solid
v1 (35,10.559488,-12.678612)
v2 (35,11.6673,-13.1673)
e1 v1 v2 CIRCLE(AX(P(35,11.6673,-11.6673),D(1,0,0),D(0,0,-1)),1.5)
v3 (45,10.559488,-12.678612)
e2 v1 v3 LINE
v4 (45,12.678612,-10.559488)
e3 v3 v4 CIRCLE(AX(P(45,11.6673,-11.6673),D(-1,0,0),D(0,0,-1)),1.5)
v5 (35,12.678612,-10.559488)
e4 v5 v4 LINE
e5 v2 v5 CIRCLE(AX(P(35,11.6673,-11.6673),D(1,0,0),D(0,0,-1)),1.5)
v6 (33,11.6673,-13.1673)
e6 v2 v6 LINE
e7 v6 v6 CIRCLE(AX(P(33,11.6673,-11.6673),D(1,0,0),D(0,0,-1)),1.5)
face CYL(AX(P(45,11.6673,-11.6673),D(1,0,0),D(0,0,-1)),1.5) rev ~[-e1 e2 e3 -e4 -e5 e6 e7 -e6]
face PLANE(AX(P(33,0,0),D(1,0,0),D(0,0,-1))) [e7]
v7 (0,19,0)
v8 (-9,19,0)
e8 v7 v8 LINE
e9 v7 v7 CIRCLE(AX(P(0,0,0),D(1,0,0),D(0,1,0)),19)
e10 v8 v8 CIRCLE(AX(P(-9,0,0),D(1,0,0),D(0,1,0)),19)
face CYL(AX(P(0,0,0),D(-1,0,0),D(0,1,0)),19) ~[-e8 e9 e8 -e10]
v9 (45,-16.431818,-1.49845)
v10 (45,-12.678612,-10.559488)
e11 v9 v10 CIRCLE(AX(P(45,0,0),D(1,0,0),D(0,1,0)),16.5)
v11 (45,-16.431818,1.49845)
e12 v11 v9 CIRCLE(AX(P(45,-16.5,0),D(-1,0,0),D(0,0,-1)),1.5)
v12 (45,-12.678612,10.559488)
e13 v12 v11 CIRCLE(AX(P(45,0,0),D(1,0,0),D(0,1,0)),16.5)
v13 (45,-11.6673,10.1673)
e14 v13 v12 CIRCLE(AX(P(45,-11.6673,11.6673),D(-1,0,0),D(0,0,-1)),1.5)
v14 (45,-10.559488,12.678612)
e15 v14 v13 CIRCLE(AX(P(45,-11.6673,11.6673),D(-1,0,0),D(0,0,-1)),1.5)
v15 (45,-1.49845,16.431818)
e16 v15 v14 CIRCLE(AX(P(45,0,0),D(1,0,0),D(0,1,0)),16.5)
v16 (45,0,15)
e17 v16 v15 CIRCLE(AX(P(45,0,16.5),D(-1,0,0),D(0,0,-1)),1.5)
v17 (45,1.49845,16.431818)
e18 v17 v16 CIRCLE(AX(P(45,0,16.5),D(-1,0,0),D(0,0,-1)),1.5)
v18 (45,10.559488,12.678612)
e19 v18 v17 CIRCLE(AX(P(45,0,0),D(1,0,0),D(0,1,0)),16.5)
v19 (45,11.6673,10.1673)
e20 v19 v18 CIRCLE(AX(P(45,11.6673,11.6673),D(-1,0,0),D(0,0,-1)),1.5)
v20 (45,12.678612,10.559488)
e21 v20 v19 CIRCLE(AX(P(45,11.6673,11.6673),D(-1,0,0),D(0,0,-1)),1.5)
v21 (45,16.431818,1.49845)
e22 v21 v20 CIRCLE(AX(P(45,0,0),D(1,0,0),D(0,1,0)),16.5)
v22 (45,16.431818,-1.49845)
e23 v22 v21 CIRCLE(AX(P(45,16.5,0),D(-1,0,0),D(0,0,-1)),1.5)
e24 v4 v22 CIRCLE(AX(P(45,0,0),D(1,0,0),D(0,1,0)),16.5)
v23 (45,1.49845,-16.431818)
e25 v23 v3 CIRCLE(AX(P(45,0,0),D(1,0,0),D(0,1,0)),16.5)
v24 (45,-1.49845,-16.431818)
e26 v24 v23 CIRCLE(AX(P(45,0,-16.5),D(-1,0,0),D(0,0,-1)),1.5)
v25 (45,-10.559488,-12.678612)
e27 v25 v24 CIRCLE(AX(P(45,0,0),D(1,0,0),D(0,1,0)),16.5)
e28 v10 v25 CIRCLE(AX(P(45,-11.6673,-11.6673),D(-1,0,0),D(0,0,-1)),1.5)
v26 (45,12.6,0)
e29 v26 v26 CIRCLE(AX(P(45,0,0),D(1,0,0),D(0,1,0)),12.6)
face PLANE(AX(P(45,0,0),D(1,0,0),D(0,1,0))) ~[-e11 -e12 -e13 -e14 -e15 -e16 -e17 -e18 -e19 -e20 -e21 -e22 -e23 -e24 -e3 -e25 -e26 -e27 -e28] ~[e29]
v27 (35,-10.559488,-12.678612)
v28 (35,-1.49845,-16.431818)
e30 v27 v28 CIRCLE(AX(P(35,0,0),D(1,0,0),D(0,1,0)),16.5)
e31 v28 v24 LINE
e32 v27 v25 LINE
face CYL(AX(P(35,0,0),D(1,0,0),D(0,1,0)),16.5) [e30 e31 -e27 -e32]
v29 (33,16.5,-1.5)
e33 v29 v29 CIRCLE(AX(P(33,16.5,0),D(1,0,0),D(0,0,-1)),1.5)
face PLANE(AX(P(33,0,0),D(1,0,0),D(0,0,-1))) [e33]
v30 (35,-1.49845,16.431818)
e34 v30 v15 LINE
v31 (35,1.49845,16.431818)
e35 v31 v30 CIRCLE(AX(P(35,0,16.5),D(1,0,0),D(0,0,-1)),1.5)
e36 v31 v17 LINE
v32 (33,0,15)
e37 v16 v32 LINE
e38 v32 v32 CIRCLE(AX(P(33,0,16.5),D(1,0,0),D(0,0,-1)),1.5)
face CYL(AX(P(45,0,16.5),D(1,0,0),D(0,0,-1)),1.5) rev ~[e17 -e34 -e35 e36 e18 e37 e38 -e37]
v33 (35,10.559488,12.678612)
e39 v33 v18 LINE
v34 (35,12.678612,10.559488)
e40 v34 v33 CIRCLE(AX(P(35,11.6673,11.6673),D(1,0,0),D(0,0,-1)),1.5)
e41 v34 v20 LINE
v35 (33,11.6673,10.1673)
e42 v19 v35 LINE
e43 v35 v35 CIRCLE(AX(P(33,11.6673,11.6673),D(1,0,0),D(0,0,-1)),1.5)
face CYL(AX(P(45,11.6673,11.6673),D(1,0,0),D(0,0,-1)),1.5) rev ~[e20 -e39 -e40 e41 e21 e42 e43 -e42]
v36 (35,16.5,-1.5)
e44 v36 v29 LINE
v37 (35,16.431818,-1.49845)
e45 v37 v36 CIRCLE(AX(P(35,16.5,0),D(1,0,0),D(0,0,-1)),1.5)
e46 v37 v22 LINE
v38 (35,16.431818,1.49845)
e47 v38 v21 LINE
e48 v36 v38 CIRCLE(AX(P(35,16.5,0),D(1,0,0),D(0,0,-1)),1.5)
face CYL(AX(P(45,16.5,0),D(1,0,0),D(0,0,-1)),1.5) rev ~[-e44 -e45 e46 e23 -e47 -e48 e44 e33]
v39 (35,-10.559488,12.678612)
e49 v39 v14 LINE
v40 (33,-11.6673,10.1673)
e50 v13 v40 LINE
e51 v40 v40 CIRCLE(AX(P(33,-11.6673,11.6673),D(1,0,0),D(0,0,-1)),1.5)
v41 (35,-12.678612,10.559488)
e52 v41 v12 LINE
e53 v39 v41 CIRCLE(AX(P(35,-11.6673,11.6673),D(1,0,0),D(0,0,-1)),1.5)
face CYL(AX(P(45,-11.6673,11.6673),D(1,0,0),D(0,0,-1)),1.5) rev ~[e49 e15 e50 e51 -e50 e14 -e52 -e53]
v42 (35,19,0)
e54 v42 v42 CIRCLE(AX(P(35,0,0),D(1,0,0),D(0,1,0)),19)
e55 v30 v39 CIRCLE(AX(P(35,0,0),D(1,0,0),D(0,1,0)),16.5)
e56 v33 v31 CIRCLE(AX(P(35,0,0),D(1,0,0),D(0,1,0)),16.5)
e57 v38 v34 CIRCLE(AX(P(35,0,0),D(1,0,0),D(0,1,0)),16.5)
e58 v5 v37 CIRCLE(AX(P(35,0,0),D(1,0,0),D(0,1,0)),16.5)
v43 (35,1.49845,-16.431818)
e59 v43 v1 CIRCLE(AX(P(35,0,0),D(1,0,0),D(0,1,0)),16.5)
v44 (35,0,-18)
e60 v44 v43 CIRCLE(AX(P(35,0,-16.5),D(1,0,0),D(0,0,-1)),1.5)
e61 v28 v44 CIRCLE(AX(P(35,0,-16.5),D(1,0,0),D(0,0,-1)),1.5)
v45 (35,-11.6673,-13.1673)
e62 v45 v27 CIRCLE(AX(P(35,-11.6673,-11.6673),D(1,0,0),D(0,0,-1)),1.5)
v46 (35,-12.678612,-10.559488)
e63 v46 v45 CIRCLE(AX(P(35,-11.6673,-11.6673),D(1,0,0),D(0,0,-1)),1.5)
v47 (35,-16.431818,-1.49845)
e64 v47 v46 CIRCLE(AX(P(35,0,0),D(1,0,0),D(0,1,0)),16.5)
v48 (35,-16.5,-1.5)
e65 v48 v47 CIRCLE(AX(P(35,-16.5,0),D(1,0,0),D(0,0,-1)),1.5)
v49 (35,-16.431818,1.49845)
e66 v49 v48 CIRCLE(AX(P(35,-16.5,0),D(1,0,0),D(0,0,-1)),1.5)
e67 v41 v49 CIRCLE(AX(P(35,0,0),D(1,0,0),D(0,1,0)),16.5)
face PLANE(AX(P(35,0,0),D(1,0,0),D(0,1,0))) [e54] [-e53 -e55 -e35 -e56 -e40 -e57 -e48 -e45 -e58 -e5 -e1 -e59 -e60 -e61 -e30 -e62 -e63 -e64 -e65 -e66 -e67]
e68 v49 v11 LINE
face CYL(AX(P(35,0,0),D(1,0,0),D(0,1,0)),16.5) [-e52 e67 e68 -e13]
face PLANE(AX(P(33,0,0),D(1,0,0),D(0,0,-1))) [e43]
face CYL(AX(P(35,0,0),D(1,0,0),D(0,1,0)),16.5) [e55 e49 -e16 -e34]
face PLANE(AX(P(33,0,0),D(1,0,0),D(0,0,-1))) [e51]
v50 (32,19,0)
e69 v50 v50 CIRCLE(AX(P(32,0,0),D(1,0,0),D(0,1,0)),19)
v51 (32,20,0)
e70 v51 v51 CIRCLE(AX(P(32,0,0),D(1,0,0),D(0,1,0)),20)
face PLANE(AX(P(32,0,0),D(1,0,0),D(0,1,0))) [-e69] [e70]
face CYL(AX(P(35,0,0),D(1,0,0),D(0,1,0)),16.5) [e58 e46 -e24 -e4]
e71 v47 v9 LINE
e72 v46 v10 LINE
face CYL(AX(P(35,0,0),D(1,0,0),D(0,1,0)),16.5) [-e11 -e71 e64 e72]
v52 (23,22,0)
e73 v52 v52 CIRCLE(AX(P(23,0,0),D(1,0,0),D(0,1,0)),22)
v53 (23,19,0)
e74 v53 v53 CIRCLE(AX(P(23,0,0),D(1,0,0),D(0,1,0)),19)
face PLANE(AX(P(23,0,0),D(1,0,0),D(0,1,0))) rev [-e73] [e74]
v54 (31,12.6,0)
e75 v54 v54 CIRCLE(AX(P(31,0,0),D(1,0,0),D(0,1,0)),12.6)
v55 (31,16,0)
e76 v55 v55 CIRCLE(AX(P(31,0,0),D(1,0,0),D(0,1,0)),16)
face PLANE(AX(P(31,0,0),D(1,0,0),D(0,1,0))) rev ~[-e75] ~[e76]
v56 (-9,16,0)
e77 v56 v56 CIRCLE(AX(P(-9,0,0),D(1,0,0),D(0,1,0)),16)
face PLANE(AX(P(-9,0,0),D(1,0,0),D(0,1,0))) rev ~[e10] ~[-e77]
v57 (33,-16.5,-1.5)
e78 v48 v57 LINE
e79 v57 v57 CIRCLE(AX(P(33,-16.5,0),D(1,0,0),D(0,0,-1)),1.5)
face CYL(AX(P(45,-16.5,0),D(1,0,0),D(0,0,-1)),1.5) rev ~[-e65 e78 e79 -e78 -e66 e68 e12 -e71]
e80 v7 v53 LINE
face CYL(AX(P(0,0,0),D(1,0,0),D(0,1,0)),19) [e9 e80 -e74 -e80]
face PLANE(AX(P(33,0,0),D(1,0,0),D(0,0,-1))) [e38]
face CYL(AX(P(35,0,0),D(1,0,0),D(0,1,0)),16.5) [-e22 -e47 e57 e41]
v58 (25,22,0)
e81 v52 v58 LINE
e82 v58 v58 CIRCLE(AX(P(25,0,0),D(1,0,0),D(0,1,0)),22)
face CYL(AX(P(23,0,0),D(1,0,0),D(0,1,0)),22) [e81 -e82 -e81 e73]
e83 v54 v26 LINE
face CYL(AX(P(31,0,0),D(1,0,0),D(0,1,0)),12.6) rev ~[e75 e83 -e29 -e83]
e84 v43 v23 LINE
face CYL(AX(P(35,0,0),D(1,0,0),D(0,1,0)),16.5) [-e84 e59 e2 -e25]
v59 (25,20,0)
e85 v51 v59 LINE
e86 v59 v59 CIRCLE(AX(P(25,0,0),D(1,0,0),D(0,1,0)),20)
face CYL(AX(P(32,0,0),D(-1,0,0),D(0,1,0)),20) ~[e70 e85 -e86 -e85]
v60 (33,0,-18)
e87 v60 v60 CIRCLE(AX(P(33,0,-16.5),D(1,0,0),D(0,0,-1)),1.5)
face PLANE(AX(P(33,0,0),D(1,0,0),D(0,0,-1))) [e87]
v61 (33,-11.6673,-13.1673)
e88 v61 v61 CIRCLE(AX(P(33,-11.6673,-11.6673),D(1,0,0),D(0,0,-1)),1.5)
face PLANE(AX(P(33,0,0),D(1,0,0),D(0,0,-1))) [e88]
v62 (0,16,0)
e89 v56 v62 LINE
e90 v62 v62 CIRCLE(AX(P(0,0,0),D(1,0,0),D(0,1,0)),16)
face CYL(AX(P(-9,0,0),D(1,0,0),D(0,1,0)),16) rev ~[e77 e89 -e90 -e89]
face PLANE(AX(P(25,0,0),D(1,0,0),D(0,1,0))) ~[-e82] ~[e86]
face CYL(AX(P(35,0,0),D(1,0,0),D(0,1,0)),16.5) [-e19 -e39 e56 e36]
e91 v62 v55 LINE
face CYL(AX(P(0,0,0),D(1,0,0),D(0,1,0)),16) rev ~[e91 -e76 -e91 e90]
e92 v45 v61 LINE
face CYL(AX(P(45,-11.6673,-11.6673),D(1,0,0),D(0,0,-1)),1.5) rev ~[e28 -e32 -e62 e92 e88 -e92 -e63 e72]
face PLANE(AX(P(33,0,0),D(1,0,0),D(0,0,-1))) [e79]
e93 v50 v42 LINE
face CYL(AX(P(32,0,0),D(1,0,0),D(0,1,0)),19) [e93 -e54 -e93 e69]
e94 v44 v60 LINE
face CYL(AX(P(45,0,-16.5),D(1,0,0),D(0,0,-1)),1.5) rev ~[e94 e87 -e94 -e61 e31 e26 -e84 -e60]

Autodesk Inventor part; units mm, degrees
ref_plane "YZ Plane" through (0, 0, 0) normal (1, 0, 0) x (0, 1, 0)
ref_plane "XZ Plane" through (0, 0, 0) normal (0, 1, 0) x (-1, 0, 0)
ref_plane "XY Plane" through (0, 0, 0) normal (0, 0, 1) x (1, 0, 0)
sketch "Sketch1" plane through (0, 0, 0) normal (0, 0, 1) x (1, 0, 0)
  line L0 (0, 0) -> (30, 0)
  line L1 (32, 20) -> (25, 20)
  line L2 (25, 20) -> (25, 22)
  line L3 (0, 16) -> (31, 16)
  line L4 (31, 16) -> (31, 12.6)
  line L5 (31, 12.6) -> (31, 12.6)
  line L6 (0, 19) -> (23, 19)
  line L7 (23, 19) -> (23, 22)
  line L8 (23, 22) -> (25, 22)
  line L9 (0, 19) -> (-9, 19)
  line L10 (-9, 19) -> (-9, 16)
  line L11 (-9, 16) -> (0, 16)
  line L12 (31, 12.6) -> (45, 12.6)
  line L13 (45, 12.6) -> (45, 16.5)
  line L14 (32, 20) -> (32, 19)
  line L15 (32, 19) -> (35, 19)
  line L16 (35, 19) -> (35, 16.5)
  line L17 (35, 16.5) -> (45, 16.5)
  dimension "d5" = 2
  dimension "d8" = 16
  dimension "d13" = 3
  dimension "d14" = 23
  dimension "d32" = 9
  dimension "d33" = 14
  dimension "d34" = 40
  dimension "d36" = 16.5
  dimension "d60" = 54
  dimension "d61" = 2
  dimension "d62" = 7
  dimension "d63" = 3
  dimension "d64" = 10
revolve "Revolution1" add sketch "Sketch1" angle 360 about axis through (0, 0, 0) along (1, 0, 0)
thread "Thread2" size "M38x1.5" class "6g" standard "ANSI Metric M Profile" full length
thread "Thread3" size "M33x1" class "6g" standard "ANSI Metric M Profile" length 6
sketch "Sketch4" plane through (45, 0, 0) normal (1, 0, 0) x (0, 0, -1)
  circle A0 centre (0, 0) radius 16.5 projected
  circle A1 centre (0, 16.5) radius 1.5
  circle A2 centre (-11.6673, 11.6673) radius 1.5
  circle A3 centre (-16.5, 0) radius 1.5
  circle A4 centre (-11.6673, -11.6673) radius 1.5
  circle A5 centre (0, -16.5) radius 1.5
  circle A6 centre (11.6673, -11.6673) radius 1.5
  circle A7 centre (16.5, 0) radius 1.5
  circle A8 centre (11.6673, 11.6673) radius 1.5
  dimension "d51" = 3
  dimension "d54" = 360
extrude "Extrusion3" cut sketch "Sketch4" against normal blind 12 contours A0 A7 | A0 A7 | A8 A0 | A0 A8 | A6 A0 | A0 A6 | A1 A0 | A0 A1 | A5 A0 | A0 A5 | A2 A0 | A0 A2 | A4 A0 | A0 A4 | A3 A0 | A0 A3
properties part number "entraineur"
